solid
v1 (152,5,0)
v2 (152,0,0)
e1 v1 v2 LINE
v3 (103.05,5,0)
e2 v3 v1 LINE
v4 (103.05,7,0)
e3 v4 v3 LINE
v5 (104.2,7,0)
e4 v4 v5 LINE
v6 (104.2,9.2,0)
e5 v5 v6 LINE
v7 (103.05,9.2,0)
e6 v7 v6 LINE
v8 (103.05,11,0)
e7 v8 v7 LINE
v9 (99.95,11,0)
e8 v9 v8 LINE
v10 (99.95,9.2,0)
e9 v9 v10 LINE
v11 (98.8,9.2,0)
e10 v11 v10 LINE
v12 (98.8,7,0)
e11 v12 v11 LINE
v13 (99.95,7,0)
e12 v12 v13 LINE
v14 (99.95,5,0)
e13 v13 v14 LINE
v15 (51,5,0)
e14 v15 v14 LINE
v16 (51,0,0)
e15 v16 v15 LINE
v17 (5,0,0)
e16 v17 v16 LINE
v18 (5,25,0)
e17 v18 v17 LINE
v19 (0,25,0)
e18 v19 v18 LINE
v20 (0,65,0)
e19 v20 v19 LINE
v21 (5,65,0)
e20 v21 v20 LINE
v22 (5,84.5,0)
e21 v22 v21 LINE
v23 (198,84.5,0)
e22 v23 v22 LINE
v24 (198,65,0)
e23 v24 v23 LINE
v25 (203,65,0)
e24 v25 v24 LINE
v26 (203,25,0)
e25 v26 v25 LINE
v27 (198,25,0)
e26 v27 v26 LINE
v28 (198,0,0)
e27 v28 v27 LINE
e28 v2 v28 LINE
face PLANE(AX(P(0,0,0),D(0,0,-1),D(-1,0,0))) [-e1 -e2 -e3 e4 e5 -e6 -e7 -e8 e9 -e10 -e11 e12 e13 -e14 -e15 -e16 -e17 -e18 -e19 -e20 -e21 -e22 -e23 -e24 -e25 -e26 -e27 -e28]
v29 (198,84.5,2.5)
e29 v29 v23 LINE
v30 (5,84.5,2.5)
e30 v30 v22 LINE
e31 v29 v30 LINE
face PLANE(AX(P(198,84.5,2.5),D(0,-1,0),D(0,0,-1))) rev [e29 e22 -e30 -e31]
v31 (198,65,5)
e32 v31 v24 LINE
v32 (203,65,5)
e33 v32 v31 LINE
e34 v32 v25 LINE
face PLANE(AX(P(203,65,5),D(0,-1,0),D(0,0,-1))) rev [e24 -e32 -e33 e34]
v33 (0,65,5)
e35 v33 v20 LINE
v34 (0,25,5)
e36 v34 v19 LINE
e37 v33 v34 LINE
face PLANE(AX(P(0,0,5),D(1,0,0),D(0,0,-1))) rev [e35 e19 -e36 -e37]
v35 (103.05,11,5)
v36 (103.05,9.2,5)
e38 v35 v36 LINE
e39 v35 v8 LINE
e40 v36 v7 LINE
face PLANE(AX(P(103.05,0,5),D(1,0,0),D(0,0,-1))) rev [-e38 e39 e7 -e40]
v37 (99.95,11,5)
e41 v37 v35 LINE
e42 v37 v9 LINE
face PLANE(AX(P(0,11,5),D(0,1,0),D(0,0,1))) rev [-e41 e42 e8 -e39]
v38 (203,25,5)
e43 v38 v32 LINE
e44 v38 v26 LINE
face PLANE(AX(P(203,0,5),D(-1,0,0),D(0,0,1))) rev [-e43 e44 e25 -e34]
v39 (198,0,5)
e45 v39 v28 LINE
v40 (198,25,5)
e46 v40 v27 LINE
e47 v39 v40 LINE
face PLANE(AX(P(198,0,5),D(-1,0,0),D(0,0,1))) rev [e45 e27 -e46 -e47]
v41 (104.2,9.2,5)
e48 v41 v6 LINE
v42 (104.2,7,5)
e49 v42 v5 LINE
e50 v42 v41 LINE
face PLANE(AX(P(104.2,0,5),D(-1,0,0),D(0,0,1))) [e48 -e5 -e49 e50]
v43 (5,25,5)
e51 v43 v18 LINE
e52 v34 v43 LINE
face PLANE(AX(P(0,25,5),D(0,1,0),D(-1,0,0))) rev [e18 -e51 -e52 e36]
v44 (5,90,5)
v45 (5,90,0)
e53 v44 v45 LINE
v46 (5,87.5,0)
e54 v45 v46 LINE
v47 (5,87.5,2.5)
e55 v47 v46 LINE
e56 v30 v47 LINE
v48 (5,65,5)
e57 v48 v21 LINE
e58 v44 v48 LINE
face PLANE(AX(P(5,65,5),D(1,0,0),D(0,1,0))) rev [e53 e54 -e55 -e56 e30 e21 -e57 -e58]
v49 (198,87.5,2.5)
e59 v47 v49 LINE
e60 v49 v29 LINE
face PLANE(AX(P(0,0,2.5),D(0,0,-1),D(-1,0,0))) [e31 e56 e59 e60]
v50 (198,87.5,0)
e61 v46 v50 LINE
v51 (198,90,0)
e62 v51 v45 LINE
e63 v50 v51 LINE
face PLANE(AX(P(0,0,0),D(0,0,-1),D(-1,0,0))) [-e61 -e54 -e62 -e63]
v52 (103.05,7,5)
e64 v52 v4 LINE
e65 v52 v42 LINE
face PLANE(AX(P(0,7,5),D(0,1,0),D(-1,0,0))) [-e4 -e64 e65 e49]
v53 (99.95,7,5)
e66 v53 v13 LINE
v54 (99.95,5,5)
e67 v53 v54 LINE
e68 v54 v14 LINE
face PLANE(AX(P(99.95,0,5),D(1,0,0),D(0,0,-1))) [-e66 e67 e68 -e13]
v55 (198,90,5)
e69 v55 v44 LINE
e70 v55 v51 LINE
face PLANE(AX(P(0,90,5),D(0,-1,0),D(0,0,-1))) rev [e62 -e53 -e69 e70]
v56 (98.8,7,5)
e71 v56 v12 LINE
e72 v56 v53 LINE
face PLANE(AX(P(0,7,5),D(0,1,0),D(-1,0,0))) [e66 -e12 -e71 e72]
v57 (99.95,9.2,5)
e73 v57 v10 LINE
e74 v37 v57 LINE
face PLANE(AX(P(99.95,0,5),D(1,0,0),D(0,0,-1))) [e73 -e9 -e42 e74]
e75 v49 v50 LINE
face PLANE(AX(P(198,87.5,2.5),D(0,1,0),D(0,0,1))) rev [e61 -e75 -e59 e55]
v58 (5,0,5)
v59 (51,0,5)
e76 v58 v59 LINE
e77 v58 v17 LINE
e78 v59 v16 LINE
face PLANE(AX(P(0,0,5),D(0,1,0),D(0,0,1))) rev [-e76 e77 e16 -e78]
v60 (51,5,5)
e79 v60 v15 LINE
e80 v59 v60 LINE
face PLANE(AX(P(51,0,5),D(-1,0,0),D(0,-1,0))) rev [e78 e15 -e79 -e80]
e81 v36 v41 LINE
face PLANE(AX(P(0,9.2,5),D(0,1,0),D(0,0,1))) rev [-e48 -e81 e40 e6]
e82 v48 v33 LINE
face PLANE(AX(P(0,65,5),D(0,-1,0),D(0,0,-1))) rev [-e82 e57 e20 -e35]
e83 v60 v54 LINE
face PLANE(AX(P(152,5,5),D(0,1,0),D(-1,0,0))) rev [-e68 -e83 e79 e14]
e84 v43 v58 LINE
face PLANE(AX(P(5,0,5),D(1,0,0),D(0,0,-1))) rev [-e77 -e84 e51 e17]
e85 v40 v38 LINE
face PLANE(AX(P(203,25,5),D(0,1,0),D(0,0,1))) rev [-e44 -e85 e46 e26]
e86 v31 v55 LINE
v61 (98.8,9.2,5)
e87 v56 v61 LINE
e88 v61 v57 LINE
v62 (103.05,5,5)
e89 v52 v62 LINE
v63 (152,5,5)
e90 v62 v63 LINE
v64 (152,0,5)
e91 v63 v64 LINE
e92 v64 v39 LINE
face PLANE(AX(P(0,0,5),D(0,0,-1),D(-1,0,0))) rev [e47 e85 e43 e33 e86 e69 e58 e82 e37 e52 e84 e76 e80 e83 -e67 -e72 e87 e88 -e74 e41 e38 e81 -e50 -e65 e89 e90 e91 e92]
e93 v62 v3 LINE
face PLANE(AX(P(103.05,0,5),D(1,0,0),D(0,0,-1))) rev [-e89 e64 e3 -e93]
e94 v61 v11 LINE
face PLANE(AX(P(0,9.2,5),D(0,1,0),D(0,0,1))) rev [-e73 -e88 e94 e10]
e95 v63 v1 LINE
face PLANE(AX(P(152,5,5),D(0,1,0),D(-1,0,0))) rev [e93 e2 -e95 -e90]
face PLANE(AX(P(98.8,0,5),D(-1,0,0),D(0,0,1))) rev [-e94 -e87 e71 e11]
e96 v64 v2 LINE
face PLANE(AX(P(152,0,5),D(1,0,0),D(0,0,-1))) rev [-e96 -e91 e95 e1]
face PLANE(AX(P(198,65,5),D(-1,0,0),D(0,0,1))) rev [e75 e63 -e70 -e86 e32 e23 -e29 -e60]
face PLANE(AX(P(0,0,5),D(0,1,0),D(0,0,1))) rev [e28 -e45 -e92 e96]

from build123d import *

# Parameters (mm, degrees)
SKETCH1_W           = 203
SKETCH1_H           = 90
BOSS_EXTRUDE1_DEPTH = 5
SKETCH3_W           = 5
SKETCH3_H           = 25
SKETCH3_W_2         = 101
SKETCH3_H_2         = 5
CUT_EXTRUDE2_DEPTH  = 223.112584065
SKETCH4_W           = 193
SKETCH4_H           = 3
CUT_EXTRUDE3_DEPTH  = 2.5
SKETCH5_W           = 3.1
SKETCH5_H           = 1.8
SKETCH5_W_2         = 1.15
SKETCH5_H_2         = 2.2
SKETCH5_H_3         = 2
CUT_EXTRUDE4_DEPTH  = 223.112584065


with BuildPart() as part:
    # Sketch1 → Boss-Extrude1 (new body)
    with BuildSketch(Plane.XY):
        with Locations((101.5, 45)):
            Rectangle(SKETCH1_W, SKETCH1_H)
    extrude(amount=BOSS_EXTRUDE1_DEPTH)

    # Sketch3 → Cut-Extrude2 (cut, through all)
    with BuildSketch(Plane(origin=(0, 0, 0), x_dir=(-1, 0, 0), z_dir=(0, 0, -1))):
        with Locations((-200.5, 12.5)):
            Rectangle(SKETCH3_W, SKETCH3_H)
        with Locations((-200.5, 77.5)):
            Rectangle(SKETCH3_W, SKETCH3_H)
        with Locations((-2.5, 12.5)):
            Rectangle(SKETCH3_W, SKETCH3_H)
        with Locations((-2.5, 77.5)):
            Rectangle(SKETCH3_W, SKETCH3_H)
        with Locations((-101.5, 2.5)):
            Rectangle(SKETCH3_W_2, SKETCH3_H_2)
    extrude(amount=-CUT_EXTRUDE2_DEPTH, mode=Mode.SUBTRACT)

    # Sketch4 → Cut-Extrude3 (cut)
    with BuildSketch(Plane(origin=(0, 0, 0), x_dir=(-1, 0, 0), z_dir=(0, 0, -1))):
        with Locations((-101.5, 86)):
            Rectangle(SKETCH4_W, SKETCH4_H)
    extrude(amount=-CUT_EXTRUDE3_DEPTH, mode=Mode.SUBTRACT)

    # Sketch5 → Cut-Extrude4 (cut, through all)
    with BuildSketch(Plane(origin=(0, 0, 0), x_dir=(-1, 0, 0), z_dir=(0, 0, -1))):
        with Locations((-101.5, 10.1)):
            Rectangle(SKETCH5_W, SKETCH5_H)
        with Locations((-103.625, 8.1)):
            Rectangle(SKETCH5_W_2, SKETCH5_H_2)
        with Locations((-101.5, 8.1)):
            Rectangle(SKETCH5_W, SKETCH5_H_2)
        with Locations((-99.375, 8.1)):
            Rectangle(SKETCH5_W_2, SKETCH5_H_2)
        with Locations((-101.5, 6)):
            Rectangle(SKETCH5_W, SKETCH5_H_3)
    extrude(amount=-CUT_EXTRUDE4_DEPTH, mode=Mode.SUBTRACT)


solid = part.part
